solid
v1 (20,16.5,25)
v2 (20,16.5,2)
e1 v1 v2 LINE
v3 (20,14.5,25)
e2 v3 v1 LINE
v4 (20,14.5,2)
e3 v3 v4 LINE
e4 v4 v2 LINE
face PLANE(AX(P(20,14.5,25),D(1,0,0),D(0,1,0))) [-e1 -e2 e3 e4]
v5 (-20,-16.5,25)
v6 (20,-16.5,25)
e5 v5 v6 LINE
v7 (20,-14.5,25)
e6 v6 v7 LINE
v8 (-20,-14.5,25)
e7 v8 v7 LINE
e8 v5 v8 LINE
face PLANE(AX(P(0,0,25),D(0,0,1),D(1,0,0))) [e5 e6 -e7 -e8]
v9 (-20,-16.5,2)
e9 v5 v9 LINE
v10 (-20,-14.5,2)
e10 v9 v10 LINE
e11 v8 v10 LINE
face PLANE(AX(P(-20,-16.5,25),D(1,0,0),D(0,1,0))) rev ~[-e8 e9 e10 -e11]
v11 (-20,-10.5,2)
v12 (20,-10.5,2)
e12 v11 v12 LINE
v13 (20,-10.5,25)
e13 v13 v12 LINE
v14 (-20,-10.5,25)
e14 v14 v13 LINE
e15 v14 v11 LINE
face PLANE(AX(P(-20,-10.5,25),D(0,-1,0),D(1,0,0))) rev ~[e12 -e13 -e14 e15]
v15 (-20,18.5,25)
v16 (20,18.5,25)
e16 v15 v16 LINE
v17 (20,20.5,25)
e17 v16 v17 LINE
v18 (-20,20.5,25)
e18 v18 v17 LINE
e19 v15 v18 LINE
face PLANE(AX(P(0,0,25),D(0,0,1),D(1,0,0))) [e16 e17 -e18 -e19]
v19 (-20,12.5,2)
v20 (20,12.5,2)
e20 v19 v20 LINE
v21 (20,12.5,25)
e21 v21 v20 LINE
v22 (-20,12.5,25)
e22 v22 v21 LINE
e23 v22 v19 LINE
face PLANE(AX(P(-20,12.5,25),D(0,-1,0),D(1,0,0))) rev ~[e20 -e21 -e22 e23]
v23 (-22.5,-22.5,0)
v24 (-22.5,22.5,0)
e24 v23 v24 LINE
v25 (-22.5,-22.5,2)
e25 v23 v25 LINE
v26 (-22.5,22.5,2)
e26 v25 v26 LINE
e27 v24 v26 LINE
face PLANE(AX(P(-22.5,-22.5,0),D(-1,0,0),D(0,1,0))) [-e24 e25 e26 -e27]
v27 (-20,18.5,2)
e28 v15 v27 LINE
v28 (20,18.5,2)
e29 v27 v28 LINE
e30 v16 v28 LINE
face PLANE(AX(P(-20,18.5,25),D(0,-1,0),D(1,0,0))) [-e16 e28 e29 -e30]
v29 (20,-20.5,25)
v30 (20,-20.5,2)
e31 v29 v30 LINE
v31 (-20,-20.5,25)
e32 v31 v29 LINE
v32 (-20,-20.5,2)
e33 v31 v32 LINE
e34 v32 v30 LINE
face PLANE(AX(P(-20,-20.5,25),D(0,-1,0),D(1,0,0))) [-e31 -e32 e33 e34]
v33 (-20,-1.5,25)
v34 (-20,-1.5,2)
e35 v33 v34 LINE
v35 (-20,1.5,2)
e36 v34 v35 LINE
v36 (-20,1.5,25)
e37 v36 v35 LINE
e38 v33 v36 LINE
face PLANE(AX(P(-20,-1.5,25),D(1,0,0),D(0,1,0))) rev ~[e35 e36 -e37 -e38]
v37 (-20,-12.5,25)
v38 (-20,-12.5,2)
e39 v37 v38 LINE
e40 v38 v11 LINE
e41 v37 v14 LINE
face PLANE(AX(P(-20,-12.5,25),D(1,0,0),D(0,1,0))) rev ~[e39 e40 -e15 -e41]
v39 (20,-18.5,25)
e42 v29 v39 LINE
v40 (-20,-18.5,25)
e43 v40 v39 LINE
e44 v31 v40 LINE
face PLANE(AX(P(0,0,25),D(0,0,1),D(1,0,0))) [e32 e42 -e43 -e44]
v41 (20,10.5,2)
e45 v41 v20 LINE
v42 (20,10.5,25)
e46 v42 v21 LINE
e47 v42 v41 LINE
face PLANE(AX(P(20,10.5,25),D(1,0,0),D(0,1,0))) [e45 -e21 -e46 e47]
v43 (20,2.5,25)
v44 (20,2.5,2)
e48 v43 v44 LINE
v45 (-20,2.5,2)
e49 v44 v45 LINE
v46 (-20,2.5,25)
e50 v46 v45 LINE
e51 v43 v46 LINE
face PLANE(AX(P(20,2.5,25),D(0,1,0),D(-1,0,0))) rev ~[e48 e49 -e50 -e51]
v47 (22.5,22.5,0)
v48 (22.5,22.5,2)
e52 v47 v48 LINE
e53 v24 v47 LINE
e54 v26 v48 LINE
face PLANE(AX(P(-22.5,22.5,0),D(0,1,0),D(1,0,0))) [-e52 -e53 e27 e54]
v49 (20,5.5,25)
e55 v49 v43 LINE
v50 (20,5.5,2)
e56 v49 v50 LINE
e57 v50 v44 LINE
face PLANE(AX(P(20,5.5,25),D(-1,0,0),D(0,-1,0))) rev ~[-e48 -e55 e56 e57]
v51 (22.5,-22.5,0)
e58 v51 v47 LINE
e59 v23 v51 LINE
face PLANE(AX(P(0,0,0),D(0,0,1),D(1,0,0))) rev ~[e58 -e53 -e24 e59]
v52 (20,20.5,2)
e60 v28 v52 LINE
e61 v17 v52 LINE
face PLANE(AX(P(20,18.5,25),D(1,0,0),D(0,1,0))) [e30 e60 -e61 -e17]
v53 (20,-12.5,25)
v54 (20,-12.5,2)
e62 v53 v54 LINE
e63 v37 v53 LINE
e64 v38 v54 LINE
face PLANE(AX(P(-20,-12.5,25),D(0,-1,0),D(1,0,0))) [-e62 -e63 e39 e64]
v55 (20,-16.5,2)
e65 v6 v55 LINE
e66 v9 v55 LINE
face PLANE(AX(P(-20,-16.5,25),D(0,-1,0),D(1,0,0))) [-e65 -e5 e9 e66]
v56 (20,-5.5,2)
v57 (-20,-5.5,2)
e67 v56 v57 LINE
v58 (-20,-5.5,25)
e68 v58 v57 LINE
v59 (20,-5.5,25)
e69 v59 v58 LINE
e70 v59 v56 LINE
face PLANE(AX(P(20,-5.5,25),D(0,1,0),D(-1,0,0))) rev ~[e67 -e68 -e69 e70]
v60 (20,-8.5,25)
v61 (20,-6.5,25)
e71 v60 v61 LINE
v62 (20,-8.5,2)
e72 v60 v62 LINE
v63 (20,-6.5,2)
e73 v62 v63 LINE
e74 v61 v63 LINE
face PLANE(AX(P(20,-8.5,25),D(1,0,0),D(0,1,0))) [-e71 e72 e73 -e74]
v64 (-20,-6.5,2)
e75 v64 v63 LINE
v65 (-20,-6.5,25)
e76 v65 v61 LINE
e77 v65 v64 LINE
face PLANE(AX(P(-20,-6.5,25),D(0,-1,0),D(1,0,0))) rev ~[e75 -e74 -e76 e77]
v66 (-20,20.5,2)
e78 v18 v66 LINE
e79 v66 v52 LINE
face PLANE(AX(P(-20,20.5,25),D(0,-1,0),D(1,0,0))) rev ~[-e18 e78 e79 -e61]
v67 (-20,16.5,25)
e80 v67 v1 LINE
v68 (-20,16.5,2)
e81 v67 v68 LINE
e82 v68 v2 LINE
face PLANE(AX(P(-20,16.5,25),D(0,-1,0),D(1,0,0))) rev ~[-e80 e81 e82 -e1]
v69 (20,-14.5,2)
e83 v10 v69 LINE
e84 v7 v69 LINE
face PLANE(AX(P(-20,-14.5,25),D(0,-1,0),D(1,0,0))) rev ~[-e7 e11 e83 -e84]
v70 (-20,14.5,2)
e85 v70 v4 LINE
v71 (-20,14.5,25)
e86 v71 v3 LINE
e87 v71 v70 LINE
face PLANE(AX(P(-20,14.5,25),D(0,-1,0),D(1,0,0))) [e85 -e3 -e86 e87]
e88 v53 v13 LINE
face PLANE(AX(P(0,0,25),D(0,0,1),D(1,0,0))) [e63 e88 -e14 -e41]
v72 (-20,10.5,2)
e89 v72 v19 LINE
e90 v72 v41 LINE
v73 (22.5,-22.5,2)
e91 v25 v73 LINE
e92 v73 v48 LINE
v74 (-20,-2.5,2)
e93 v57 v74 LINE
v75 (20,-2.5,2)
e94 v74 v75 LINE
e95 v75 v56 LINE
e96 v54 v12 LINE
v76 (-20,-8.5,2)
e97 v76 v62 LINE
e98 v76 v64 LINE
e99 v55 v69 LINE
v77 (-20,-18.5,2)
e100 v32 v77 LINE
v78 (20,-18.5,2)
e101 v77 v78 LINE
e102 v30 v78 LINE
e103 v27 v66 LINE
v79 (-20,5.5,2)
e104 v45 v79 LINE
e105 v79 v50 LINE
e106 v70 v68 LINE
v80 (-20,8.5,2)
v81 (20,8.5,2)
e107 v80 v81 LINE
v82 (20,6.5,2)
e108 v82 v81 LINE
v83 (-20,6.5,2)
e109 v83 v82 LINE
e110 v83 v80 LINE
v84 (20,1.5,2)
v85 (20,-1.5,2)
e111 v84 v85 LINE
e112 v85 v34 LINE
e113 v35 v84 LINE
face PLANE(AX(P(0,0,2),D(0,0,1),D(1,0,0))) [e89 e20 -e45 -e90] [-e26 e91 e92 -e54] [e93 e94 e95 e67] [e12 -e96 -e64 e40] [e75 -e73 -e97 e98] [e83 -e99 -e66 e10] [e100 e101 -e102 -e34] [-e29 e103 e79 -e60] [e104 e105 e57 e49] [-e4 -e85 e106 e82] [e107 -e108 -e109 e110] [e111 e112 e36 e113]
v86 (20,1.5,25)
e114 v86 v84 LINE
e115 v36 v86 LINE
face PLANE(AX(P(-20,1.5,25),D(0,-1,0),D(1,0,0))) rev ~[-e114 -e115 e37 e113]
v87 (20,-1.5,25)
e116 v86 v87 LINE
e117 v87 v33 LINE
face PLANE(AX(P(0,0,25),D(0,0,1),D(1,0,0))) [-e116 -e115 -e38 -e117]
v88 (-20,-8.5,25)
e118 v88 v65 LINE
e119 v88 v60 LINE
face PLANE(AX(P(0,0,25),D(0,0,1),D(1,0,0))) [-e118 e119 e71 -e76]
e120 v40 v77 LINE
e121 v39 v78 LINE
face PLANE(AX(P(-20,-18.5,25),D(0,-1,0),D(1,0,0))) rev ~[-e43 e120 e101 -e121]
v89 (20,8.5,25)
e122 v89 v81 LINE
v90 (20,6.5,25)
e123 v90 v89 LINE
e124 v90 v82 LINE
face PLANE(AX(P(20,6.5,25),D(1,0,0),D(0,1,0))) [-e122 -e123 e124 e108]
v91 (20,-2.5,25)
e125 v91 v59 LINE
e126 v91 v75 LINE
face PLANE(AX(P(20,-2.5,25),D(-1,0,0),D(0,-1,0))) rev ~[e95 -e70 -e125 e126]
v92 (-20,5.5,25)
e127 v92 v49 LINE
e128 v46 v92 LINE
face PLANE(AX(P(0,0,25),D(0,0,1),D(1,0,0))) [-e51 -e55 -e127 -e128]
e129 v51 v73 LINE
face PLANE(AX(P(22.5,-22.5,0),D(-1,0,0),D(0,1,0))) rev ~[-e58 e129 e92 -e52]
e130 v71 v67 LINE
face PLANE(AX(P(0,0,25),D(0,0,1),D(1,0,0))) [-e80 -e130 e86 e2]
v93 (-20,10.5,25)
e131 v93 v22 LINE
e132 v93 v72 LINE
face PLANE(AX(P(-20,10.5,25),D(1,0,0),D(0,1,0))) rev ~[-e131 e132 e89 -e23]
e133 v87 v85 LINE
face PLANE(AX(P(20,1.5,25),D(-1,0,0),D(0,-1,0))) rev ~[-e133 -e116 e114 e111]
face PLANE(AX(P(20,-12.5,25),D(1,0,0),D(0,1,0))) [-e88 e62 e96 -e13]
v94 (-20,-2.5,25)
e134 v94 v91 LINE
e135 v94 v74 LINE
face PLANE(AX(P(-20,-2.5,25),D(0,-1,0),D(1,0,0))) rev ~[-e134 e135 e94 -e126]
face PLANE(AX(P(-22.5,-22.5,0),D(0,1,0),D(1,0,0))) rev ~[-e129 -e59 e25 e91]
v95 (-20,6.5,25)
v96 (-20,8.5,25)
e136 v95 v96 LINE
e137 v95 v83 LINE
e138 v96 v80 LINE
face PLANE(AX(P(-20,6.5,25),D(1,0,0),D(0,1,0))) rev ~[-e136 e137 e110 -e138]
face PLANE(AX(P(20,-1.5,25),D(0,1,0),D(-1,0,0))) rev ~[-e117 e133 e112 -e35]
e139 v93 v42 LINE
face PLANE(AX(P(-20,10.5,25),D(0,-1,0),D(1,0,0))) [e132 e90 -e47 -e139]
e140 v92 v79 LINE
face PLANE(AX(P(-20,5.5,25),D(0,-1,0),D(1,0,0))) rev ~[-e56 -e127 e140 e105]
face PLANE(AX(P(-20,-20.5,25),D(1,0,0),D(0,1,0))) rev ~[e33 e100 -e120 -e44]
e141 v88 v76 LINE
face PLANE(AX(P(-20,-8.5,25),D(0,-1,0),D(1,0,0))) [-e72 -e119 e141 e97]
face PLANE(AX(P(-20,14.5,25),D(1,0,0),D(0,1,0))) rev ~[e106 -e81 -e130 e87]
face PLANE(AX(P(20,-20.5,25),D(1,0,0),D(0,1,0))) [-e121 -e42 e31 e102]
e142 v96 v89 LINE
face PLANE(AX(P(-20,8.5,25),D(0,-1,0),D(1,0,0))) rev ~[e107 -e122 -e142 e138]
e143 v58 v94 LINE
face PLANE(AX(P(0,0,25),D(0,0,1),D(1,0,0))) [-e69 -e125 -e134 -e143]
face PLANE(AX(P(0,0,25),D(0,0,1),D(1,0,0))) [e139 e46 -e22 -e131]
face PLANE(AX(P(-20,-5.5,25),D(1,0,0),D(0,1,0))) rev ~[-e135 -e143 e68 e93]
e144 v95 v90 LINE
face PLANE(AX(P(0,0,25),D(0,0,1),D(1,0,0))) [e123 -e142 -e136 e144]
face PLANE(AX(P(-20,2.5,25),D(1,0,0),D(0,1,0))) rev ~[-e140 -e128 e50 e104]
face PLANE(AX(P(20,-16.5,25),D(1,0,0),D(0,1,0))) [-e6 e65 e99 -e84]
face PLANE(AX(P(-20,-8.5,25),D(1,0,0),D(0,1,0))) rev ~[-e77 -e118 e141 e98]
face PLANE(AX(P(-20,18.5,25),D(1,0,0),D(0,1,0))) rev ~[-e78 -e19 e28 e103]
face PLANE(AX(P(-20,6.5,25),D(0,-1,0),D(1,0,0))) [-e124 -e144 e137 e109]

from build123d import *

# Parameters (mm, degrees)
F0_W     = 45
F0_H     = 45
F1_DEPTH = 25
F2_W     = 45
F2_H     = 45
F2_W_2   = 40
F2_H_2   = 2
F3_DEPTH = 23


with BuildPart() as f1:
    # F0 (on Top) → F1 (new body)
    with BuildSketch(Plane.XY):
        Rectangle(F0_W, F0_H)
    extrude(amount=F1_DEPTH)

    # F2 (on face) → F3 (cut)
    with BuildSketch(Plane.XY.offset(25)):
        Rectangle(F2_W, F2_H)
        with Locations((0, -19.5)):
            Rectangle(F2_W_2, F2_H_2, mode=Mode.SUBTRACT)
        with Locations((0, -15.5)):
            Rectangle(F2_W_2, F2_H_2, mode=Mode.SUBTRACT)
        with Locations((0, -11.5)):
            Rectangle(F2_W_2, F2_H_2, mode=Mode.SUBTRACT)
        with Locations((0, -7.5)):
            Rectangle(F2_W_2, F2_H_2, mode=Mode.SUBTRACT)
        Polygon((-20, -4.5), (-20, -3.5), (-20, -2.5), (20, -2.5), (20, -3.5), (20, -4.5), (20, -5.5), (-20, -5.5), align=None, mode=Mode.SUBTRACT)
        Polygon((-20, -0.5), (-20, 0.5), (-20, 1.5), (20, 1.5), (20, 0.5), (20, -0.5), (20, -1.5), (-20, -1.5), align=None, mode=Mode.SUBTRACT)
        Polygon((-20, 3.5), (-20, 4.5), (-20, 5.5), (20, 5.5), (20, 4.5), (20, 3.5), (20, 2.5), (-20, 2.5), align=None, mode=Mode.SUBTRACT)
        with Locations((0, 7.5)):
            Rectangle(F2_W_2, F2_H_2, mode=Mode.SUBTRACT)
        with Locations((0, 11.5)):
            Rectangle(F2_W_2, F2_H_2, mode=Mode.SUBTRACT)
        with Locations((0, 15.5)):
            Rectangle(F2_W_2, F2_H_2, mode=Mode.SUBTRACT)
        with Locations((0, 19.5)):
            Rectangle(F2_W_2, F2_H_2, mode=Mode.SUBTRACT)
    extrude(amount=-F3_DEPTH, mode=Mode.SUBTRACT)


solid = f1.part
